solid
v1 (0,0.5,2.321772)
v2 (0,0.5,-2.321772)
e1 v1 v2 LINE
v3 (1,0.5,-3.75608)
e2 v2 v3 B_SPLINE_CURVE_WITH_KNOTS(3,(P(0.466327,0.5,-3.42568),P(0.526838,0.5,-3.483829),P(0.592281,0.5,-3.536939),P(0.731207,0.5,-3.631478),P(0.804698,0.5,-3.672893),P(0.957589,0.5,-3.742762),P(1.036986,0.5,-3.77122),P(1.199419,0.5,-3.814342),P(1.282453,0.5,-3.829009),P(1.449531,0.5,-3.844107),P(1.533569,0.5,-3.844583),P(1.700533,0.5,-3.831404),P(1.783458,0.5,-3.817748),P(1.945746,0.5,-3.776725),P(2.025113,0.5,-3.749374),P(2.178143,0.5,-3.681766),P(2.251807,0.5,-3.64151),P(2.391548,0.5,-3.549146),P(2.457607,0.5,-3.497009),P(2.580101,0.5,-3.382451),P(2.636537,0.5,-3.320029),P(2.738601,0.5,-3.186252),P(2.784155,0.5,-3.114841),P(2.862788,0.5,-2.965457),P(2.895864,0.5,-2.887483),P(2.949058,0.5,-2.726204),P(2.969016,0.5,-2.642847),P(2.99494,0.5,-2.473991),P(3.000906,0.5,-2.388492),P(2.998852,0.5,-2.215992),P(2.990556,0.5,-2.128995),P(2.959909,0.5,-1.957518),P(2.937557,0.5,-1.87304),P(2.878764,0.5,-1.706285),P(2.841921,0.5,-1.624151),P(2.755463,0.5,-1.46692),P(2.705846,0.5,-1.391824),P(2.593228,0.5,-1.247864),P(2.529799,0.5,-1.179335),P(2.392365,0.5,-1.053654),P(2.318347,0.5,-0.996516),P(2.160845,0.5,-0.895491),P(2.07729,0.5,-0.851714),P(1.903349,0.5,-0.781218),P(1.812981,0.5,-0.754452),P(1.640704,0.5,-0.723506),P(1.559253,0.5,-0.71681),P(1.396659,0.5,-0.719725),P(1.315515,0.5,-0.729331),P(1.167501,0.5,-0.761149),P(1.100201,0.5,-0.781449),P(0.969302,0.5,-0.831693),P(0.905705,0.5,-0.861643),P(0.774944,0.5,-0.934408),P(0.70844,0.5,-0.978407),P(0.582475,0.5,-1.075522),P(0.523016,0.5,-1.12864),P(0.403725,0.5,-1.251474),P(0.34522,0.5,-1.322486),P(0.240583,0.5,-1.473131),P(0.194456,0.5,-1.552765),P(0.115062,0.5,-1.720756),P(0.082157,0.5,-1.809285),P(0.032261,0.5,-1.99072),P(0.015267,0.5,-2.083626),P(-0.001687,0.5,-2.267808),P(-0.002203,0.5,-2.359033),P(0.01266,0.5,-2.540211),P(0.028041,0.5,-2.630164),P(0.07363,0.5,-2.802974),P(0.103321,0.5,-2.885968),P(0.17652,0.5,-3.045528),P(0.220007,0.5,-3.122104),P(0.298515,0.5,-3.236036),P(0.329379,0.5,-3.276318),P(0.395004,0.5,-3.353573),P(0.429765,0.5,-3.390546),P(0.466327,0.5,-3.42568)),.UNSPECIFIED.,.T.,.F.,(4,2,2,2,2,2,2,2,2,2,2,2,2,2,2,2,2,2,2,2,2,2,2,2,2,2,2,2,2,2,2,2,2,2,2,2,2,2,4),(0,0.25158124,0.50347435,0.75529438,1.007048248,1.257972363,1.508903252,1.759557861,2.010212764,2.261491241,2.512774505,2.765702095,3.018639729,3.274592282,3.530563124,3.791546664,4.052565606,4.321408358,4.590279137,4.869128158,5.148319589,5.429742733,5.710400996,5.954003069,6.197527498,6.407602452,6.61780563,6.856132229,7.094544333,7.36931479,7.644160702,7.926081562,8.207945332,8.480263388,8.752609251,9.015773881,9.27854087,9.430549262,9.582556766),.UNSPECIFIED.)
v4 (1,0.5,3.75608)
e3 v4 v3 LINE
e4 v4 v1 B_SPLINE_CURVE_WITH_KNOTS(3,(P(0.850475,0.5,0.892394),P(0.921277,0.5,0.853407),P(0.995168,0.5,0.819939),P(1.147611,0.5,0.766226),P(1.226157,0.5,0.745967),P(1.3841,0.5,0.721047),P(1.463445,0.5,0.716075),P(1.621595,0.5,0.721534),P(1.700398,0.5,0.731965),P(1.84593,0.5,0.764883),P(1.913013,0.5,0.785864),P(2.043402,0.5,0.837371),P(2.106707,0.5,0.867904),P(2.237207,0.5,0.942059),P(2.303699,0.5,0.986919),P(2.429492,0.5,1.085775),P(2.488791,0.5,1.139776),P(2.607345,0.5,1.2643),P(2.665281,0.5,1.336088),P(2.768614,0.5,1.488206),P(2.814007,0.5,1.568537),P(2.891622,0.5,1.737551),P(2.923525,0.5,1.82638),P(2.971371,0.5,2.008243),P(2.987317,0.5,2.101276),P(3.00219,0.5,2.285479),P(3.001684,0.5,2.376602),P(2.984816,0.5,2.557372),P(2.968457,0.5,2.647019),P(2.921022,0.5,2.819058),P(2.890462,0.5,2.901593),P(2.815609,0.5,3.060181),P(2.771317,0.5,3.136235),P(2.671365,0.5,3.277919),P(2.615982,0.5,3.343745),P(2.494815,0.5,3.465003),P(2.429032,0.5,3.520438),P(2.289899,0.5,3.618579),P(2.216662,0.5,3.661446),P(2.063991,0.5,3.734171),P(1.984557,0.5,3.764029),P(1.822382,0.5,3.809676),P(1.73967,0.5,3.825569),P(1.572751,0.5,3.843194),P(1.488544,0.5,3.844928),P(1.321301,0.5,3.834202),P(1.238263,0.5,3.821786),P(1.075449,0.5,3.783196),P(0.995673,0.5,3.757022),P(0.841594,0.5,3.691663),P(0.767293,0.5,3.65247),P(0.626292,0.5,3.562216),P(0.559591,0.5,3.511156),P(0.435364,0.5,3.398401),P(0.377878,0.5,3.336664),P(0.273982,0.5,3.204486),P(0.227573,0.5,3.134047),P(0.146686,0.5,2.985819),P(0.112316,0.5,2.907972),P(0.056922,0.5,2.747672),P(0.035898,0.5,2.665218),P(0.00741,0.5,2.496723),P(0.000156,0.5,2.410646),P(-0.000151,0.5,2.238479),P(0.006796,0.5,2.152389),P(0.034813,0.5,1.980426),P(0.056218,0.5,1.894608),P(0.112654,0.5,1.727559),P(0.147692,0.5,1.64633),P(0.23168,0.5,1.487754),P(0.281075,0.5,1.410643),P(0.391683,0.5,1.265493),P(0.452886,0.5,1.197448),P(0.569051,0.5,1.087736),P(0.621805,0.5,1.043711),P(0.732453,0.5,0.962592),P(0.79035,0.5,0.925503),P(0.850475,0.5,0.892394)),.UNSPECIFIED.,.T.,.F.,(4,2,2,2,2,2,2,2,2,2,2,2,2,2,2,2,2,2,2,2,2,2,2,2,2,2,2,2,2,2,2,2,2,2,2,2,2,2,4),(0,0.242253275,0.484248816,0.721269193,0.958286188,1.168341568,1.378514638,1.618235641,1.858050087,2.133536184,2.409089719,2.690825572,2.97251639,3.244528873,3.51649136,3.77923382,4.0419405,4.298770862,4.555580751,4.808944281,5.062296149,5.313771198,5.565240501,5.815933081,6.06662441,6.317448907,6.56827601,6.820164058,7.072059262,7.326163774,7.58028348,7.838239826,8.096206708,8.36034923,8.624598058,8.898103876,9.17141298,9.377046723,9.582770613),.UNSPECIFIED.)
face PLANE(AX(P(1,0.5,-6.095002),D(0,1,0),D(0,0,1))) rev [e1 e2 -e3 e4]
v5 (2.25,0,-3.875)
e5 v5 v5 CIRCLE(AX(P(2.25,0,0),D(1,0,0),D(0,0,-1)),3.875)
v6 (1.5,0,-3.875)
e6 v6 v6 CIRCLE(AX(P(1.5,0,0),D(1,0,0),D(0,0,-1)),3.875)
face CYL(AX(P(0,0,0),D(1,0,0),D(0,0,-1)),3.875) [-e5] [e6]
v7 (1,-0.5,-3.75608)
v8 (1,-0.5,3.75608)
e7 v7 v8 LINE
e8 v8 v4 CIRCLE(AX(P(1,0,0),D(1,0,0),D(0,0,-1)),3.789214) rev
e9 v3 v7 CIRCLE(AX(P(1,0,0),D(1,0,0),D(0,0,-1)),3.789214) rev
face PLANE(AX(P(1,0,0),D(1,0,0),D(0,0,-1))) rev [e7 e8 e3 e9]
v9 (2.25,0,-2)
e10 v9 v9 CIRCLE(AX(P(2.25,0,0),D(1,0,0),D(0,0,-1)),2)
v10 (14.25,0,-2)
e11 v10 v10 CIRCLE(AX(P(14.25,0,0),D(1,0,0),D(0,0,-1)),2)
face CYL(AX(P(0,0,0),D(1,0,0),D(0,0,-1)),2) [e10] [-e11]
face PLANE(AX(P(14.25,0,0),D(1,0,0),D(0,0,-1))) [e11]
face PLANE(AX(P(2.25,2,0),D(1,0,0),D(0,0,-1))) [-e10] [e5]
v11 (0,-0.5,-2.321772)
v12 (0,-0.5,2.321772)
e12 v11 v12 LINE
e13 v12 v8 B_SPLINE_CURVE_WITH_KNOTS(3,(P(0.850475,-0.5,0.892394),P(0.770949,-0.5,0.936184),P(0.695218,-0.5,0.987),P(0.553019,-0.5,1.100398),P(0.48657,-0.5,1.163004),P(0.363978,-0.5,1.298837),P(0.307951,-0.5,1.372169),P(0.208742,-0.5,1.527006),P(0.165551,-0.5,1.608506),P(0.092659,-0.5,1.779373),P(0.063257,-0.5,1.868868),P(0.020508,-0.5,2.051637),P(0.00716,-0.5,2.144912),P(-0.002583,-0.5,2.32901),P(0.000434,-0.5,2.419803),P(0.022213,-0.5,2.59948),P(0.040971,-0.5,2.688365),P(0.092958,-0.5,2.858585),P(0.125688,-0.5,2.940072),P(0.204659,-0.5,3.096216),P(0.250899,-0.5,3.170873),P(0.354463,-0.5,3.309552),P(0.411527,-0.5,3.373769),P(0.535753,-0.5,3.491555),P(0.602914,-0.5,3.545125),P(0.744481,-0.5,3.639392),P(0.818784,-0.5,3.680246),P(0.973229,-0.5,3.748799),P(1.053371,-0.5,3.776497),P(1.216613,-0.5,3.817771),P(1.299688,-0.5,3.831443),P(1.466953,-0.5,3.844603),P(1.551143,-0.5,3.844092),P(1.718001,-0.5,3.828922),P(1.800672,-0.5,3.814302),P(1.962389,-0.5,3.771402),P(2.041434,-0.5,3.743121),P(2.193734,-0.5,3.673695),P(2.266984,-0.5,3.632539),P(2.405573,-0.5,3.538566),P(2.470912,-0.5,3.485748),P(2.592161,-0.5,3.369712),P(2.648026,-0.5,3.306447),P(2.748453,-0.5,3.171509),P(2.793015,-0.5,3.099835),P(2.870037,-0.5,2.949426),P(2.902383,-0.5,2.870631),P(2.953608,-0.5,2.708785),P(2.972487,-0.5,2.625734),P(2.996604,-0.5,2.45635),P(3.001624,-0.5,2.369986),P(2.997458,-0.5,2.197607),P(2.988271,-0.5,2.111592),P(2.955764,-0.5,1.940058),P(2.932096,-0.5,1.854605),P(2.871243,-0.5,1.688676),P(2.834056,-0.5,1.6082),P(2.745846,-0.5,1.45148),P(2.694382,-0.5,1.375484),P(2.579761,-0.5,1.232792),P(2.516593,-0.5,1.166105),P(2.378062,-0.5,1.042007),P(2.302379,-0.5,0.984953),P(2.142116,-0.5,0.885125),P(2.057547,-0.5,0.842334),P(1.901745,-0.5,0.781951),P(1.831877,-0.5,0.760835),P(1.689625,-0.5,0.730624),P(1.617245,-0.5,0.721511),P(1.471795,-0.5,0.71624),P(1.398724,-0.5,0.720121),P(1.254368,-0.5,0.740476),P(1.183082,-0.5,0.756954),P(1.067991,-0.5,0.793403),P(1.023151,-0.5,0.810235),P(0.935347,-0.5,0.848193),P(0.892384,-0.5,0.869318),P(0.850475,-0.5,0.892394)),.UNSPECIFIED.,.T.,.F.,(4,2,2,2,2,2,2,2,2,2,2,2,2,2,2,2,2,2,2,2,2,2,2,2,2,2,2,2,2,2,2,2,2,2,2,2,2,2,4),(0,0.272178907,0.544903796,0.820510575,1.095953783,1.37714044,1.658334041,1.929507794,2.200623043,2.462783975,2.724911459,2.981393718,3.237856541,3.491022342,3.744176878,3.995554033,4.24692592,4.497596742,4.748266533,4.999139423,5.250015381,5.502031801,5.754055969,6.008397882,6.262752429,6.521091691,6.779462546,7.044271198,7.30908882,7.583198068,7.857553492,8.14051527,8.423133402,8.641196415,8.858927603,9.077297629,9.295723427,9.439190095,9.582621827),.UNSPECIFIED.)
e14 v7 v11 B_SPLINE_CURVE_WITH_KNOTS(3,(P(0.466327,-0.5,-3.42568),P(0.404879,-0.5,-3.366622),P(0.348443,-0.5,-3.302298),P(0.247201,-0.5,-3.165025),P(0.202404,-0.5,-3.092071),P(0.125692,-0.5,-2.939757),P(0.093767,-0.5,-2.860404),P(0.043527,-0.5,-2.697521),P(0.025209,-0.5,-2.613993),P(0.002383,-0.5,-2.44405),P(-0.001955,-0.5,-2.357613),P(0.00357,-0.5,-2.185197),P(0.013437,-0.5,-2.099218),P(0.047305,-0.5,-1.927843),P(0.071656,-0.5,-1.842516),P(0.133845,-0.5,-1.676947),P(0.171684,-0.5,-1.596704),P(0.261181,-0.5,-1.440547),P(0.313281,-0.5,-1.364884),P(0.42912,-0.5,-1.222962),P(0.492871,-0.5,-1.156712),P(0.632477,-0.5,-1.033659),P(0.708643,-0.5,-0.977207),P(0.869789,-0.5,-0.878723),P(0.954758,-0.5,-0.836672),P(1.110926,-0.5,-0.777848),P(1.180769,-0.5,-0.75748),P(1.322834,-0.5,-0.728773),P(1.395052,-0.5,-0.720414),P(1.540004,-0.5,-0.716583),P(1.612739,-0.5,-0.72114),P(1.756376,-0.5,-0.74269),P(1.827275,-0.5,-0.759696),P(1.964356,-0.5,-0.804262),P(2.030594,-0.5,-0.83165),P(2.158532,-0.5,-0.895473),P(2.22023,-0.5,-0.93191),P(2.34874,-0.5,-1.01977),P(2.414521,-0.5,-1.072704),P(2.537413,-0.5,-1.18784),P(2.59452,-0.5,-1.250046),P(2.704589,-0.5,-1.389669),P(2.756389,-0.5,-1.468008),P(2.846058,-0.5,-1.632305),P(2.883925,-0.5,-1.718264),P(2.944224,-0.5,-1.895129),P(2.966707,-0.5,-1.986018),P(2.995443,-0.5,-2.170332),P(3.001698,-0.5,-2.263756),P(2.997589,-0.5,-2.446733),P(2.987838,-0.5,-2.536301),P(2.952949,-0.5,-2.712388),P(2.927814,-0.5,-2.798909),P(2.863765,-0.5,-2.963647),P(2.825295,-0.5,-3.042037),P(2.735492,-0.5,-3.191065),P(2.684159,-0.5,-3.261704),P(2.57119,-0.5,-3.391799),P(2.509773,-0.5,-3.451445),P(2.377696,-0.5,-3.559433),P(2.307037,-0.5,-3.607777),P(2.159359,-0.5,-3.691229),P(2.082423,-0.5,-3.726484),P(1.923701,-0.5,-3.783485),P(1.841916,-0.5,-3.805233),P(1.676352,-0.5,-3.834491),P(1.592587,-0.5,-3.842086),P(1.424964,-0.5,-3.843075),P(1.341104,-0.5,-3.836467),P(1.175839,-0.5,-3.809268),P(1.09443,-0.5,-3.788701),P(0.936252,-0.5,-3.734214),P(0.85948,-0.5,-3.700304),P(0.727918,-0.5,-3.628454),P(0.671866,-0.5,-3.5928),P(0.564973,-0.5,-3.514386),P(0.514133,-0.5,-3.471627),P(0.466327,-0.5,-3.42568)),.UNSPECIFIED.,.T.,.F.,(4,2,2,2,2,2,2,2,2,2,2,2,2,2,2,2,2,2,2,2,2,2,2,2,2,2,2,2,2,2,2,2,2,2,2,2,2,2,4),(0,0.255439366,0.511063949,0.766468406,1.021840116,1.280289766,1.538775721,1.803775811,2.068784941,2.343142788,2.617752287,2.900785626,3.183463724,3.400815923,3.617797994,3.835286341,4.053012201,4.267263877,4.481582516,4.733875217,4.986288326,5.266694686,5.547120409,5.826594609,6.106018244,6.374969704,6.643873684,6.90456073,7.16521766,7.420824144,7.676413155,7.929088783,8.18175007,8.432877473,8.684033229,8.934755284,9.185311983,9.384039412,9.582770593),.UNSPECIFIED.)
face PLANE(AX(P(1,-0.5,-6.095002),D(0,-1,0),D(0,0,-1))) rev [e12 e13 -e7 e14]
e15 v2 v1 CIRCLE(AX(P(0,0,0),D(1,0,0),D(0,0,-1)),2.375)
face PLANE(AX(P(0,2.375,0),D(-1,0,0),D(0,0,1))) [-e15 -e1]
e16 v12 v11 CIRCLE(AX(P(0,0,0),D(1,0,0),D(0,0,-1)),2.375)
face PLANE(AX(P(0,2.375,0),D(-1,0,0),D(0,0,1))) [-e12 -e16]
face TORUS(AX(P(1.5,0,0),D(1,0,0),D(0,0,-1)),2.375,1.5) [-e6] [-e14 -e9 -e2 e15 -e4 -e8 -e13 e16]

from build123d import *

# Parameters (mm, degrees)
SKETCH2_W          = 12.190003068
SKETCH2_H          = 1
CUT_EXTRUDE1_DEPTH = 1


with BuildPart() as part:
    # Sketch1 → Revolve1 (revolve)
    with BuildSketch(Plane.XY, mode=Mode.PRIVATE) as revolve1_sk:
        with BuildLine():
            Line((0, 0), (14.25, 0))
            Line((14.25, 0), (14.25, 2))
            Line((14.25, 2), (2.25, 2))
            Line((2.25, 2), (2.25, 3.875))
            Line((2.25, 3.875), (1.5, 3.875))
            ThreePointArc((1.5, 3.875), (0.439339828, 3.435660172), (0, 2.375))
            Line((0, 2.375), (0, 0))
        make_face()
    revolve(revolve1_sk.sketch.rotate(Axis((0, 0, 0), (-1, 0, 0)), 90), axis=Axis((0, 0, 0), (-1, 0, 0)))

    # Sketch2 → Cut-Extrude1 (cut)
    with BuildSketch(Plane.ZY):
        Rectangle(SKETCH2_W, SKETCH2_H)
    extrude(amount=-CUT_EXTRUDE1_DEPTH, mode=Mode.SUBTRACT)


solid = part.part
